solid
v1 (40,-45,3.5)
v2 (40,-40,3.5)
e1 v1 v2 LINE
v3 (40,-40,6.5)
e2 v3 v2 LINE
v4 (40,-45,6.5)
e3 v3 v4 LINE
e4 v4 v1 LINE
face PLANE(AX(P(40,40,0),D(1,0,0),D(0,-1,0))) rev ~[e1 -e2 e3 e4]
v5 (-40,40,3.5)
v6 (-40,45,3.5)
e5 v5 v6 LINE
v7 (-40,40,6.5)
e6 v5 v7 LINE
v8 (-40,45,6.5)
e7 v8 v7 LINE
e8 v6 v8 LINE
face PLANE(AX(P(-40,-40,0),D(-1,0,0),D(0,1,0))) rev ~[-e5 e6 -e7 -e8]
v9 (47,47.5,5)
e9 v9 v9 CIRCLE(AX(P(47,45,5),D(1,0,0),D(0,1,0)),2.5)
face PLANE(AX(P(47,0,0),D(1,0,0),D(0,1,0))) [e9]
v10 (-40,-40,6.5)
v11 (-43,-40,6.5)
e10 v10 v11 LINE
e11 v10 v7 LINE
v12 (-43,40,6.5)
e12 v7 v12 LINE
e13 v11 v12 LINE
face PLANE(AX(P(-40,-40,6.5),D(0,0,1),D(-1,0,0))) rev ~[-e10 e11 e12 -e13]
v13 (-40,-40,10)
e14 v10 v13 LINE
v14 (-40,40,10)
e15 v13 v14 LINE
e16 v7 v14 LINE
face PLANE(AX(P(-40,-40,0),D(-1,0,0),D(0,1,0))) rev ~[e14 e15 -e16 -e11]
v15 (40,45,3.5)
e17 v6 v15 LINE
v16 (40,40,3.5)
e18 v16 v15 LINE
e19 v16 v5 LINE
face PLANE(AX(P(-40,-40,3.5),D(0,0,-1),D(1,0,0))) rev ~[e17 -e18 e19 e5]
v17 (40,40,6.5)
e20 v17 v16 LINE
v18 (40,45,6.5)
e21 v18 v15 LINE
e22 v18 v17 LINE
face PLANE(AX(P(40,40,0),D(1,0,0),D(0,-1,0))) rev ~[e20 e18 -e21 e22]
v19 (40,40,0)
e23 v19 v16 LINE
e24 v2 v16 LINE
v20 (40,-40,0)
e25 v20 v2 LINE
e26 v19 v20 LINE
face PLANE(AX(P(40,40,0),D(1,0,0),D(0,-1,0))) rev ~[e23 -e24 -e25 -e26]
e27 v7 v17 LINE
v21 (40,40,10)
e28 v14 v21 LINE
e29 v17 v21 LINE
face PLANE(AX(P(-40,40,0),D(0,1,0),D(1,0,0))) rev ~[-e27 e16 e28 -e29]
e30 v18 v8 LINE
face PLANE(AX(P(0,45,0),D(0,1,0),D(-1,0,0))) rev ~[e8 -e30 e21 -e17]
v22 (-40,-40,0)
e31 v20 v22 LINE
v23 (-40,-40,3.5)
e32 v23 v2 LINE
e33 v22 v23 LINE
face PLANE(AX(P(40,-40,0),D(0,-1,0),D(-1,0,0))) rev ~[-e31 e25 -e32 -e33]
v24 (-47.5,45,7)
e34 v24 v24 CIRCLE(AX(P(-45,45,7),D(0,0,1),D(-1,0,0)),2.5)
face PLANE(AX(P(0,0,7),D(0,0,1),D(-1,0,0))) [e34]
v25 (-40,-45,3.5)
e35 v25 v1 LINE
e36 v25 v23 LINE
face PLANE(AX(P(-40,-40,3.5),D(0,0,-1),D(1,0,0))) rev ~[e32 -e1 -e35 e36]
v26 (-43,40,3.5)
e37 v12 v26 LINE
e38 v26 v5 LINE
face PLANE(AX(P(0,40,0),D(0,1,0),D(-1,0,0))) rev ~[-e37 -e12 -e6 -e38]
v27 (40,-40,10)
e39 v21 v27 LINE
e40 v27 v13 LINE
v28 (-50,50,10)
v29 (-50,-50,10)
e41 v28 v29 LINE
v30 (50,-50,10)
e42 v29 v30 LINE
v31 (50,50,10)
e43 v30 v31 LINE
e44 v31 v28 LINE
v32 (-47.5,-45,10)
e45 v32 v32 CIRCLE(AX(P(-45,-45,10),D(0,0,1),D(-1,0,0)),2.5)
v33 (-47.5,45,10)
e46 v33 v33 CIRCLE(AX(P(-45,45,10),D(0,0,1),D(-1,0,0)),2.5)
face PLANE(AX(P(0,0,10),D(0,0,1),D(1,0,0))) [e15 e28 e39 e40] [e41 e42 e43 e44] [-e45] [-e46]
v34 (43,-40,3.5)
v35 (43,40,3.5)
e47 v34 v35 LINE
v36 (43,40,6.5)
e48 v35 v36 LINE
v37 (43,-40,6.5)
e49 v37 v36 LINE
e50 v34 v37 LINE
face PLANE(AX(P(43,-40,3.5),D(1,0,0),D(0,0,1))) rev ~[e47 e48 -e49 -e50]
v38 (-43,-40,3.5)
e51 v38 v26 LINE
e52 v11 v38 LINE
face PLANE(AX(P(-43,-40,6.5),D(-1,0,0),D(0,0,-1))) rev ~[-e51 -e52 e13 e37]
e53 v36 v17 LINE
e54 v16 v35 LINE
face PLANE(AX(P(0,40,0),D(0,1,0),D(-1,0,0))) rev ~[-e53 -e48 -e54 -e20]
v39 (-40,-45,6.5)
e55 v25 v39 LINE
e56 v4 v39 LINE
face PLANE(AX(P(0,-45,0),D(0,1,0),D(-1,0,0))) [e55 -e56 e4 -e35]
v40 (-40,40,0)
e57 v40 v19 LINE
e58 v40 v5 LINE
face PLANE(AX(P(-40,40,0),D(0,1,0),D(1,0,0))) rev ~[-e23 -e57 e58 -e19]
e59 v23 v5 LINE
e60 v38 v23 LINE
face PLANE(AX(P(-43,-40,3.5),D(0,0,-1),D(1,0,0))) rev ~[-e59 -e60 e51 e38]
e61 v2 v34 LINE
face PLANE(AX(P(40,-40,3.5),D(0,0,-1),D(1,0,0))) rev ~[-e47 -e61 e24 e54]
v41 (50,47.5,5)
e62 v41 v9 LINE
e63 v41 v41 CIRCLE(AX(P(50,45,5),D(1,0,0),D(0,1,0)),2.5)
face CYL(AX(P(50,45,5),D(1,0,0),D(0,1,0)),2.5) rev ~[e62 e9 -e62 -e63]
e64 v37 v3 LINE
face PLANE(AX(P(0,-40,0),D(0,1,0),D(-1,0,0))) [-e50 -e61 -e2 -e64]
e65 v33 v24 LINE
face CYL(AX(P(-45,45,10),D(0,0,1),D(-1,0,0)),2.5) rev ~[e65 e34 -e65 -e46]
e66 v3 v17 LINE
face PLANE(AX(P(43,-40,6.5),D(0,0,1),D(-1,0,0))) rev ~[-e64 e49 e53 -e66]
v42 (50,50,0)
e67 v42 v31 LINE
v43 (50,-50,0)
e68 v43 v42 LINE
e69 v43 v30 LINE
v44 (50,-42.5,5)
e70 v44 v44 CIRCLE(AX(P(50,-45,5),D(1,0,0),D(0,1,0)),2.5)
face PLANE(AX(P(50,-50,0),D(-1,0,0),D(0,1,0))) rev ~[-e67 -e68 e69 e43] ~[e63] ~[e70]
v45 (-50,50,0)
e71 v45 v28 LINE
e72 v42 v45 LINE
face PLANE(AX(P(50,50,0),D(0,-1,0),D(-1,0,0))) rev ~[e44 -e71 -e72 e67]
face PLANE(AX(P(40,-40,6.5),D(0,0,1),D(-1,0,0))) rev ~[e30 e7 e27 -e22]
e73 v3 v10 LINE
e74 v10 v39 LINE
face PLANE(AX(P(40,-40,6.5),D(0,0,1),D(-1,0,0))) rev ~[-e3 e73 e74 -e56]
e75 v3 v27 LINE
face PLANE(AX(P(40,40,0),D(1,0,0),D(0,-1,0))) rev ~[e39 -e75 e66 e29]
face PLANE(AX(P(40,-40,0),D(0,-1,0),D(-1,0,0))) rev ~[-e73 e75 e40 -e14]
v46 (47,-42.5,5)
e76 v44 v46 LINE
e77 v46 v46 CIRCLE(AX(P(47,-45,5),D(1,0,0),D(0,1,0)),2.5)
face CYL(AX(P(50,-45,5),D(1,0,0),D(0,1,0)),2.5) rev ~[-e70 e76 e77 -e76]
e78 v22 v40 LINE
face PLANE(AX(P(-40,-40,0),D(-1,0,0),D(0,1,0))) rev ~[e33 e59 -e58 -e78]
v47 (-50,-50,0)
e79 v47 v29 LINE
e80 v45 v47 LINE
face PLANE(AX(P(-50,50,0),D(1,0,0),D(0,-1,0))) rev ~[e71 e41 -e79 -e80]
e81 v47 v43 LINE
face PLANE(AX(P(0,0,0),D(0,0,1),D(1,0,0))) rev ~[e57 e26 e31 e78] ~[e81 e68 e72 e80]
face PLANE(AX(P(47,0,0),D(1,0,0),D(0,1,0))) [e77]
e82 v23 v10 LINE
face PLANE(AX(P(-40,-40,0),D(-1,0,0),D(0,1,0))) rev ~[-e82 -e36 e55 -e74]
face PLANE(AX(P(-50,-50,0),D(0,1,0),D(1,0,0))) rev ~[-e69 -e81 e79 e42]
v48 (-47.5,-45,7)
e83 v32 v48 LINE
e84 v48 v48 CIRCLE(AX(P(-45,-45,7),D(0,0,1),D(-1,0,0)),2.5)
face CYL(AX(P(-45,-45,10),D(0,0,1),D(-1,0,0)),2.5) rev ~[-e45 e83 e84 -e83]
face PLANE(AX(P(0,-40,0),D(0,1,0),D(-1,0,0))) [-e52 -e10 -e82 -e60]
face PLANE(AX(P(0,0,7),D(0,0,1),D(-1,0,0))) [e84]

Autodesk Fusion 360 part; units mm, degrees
sketch "Sketch1" plane through (0, 0, 0) normal (0, 0, 1) x (1, 0, 0)
  line L0 (50, 50) -> (-50, 50)
  line L1 (-50, 50) -> (-50, -50)
  line L2 (-50, -50) -> (50, -50)
  line L3 (50, -50) -> (50, 50)
  line L4 (50, 50) -> (-50, -50) construction
  line L5 (-50, 50) -> (50, -50) construction
  line L6 (40, -40) -> (-40, -40)
  line L7 (-40, -40) -> (-40, 40)
  line L8 (-40, 40) -> (40, 40)
  line L9 (40, 40) -> (40, -40)
  line L10 (40, -40) -> (-40, 40) construction
  line L11 (-40, -40) -> (40, 40) construction
  dimension "d1" = 100
  dimension "d2" = 100
  dimension "d3" = 80
  dimension "d4" = 80
extrude "Extrude1" add sketch "Sketch1" along normal blind 10
sketch "Sketch2" plane through (0, -40, 0) normal (0, 1, 0) x (-1, 0, 0)
  line L0 (-40, 0) -> (40, 0)
  line L1 (40, 0) -> (40, 10)
  line L2 (40, 10) -> (-40, 10)
  line L3 (-40, 10) -> (-40, 0)
  line L4 (0, 10) -> (0, 0) construction
  line L5 (-40, 5) -> (40, 5) construction
  line L6 (43, 3.5) -> (-43, 3.5)
  line L7 (-43, 3.5) -> (-43, 6.5)
  line L8 (-43, 6.5) -> (43, 6.5)
  line L9 (43, 6.5) -> (43, 3.5)
  line L10 (43, 3.5) -> (-43, 6.5) construction
  line L11 (-43, 3.5) -> (43, 6.5) construction
  point P0 (0, 5)
  dimension "d9" = 86
  dimension "d10" = 3
extrude "Extrude2" cut sketch "Sketch2" along normal blind 85 and the other way blind 5 contours L1 L3 L6 L8
extrude "Extrude3" cut sketch "Sketch2" along normal blind 80 contours L3 L6 L7 L8 | L1 L6 L8 L9
sketch "Sketch3" plane through (0, 0, 10) normal (0, 0, 1) x (-1, 0, 0)
  line L0 (40, -40) -> (-40, -40)
  line L1 (-40, -40) -> (-40, 40)
  line L2 (-40, 40) -> (40, 40)
  line L3 (40, 40) -> (40, -40)
  line L4 (-50, 50) -> (-50, -50)
  line L5 (-50, -50) -> (50, -50)
  line L6 (50, -50) -> (50, 50)
  line L7 (50, 50) -> (-50, 50)
  line L8 (40, -40) -> (40, -50) construction
  line L9 (40, -40) -> (50, -40) construction
  line L10 (45, -40) -> (45, -50) construction
  line L11 (40, -45) -> (50, -45) construction
  circle A0 centre (45, -45) radius 2.5
  circle A1 centre (45, 45) radius 2.5
  dimension "d17" = 5
  dimension "d20" = -90
  dimension "d21" = 90
extrude "Extrude4" cut sketch "Sketch3" against normal blind 3 contours A0 | A1
sketch "Sketch4" plane through (50, 0, 0) normal (1, 0, 0) x (0, 1, 0)
  line L0 (-50, 0) -> (50, 0)
  line L1 (50, 0) -> (50, 10)
  line L2 (50, 10) -> (-50, 10)
  line L3 (-50, 10) -> (-50, 0)
  line L4 (-40, 3.5) -> (-40, 6.5)
  line L5 (-40, 5) -> (-50, 5) construction
  circle A0 centre (-45, 5) radius 2.5
  circle A1 centre (0, 5) radius 2.5
  circle A2 centre (45, 5) radius 2.5
  dimension "d24" = 5
  dimension "d27" = 90
  dimension "d28" = 0
extrude "Extrude5" cut sketch "Sketch4" against normal blind 3 contours A0 | A2
equation "d9 = 80 mm + 6 mm"
equation "d30 = f8e7f7a2-a6e5-415b-bf69-f4a3084041c5"
